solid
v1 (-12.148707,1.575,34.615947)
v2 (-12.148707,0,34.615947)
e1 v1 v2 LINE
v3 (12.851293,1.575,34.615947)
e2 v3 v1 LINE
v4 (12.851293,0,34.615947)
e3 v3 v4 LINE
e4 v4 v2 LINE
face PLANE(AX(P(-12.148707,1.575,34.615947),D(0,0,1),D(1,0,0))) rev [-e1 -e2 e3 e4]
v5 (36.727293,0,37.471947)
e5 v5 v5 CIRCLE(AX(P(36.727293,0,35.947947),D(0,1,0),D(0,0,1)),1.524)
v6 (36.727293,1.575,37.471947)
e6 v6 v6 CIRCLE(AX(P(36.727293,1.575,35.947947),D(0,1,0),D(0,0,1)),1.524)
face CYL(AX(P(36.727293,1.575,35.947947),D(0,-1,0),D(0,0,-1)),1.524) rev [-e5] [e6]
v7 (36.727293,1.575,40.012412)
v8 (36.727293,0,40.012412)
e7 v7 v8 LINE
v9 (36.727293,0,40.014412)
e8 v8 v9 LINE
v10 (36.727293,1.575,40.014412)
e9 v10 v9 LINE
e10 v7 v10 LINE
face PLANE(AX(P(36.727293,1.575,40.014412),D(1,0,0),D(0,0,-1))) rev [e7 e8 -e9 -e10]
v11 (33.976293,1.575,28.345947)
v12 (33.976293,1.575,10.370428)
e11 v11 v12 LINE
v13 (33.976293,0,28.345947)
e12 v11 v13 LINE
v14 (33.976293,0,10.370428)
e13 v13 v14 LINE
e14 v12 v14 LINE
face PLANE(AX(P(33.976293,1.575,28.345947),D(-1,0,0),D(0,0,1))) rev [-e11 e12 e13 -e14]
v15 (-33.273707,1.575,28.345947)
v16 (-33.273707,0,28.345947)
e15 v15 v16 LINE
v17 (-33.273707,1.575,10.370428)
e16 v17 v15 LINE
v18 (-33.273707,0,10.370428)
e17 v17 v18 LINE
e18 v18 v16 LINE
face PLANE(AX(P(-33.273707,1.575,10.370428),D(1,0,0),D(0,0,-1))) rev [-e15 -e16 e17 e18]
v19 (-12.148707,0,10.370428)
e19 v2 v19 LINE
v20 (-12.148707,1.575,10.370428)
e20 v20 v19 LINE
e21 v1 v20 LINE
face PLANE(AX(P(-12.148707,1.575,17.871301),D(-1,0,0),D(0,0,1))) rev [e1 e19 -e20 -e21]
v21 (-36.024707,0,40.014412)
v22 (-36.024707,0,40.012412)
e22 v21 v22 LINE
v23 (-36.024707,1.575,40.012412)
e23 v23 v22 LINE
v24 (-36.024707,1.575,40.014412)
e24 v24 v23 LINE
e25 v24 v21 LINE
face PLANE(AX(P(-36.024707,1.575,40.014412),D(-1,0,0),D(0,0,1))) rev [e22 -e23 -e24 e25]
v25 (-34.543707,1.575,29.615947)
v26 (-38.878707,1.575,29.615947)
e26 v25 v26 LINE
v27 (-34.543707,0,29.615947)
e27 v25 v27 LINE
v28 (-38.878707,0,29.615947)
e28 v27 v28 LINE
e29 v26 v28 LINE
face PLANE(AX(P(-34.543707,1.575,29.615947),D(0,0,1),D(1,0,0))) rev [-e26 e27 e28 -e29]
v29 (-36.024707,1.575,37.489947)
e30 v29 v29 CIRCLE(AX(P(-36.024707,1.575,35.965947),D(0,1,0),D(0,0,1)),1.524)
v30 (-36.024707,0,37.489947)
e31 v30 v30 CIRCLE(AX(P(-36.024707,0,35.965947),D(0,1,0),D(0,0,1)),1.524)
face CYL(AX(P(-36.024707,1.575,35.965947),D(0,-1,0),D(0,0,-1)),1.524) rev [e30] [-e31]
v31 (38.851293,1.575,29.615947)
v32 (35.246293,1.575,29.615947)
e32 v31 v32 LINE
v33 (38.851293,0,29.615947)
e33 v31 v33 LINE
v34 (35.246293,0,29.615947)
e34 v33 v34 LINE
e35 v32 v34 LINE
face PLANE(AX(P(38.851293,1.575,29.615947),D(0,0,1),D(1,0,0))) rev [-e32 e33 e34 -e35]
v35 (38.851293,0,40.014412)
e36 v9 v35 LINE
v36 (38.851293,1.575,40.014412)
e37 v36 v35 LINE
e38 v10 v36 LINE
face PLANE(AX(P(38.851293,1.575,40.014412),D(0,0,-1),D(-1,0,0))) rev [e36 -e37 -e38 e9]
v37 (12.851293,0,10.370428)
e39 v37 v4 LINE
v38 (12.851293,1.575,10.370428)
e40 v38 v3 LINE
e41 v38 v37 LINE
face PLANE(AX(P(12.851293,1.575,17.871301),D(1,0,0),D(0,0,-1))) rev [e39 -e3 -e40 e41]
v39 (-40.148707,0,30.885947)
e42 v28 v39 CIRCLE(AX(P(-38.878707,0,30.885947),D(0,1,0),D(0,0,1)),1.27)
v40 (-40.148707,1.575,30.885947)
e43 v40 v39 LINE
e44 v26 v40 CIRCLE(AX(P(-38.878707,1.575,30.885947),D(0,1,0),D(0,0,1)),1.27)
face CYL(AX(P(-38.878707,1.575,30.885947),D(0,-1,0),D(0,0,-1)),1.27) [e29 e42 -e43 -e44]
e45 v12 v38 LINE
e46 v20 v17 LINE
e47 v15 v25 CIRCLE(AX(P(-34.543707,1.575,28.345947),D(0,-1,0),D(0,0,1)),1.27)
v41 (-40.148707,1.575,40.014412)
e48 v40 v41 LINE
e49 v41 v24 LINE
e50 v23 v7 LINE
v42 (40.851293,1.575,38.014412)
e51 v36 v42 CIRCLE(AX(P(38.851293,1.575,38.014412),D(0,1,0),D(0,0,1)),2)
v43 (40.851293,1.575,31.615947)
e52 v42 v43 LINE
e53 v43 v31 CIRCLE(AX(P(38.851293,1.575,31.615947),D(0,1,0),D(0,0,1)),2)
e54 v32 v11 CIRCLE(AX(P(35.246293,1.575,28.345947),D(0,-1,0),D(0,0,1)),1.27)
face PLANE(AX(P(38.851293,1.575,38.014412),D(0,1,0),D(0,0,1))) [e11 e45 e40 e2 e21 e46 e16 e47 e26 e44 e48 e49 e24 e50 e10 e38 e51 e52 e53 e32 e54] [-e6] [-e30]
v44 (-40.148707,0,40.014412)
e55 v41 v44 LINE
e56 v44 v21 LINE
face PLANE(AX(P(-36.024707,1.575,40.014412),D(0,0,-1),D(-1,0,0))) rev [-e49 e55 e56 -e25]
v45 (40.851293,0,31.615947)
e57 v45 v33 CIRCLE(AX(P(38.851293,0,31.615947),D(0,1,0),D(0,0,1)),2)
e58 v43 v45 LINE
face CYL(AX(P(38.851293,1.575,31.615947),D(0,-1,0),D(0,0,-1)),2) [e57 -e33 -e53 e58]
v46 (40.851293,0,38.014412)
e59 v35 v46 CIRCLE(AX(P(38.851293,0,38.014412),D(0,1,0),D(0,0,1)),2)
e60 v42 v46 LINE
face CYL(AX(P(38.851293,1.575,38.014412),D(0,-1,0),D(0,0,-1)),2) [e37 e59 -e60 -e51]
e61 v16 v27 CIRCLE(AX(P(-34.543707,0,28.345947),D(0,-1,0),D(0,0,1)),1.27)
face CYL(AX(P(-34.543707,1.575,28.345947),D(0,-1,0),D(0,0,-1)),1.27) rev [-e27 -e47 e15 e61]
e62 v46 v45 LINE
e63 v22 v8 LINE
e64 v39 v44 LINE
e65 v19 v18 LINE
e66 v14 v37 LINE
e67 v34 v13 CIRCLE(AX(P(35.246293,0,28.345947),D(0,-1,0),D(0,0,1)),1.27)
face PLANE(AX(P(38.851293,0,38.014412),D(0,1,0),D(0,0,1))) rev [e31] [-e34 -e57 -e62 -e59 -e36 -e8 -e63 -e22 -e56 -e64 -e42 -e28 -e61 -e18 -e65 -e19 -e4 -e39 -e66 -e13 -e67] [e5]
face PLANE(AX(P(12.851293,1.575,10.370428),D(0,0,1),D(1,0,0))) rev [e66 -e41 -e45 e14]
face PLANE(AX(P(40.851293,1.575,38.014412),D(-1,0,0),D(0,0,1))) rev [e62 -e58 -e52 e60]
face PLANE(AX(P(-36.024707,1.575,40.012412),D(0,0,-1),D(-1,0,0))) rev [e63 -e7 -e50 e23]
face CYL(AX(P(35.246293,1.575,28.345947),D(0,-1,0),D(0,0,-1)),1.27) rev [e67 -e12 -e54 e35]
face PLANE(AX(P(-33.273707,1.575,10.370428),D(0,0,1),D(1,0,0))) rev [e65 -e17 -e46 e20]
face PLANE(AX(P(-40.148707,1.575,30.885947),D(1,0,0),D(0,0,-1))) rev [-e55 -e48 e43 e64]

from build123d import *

# Parameters (mm, degrees)
SKETCH1_R           = 1.524000008
SKETCH1_R_2         = 1.523999992
BOSS_EXTRUDE1_DEPTH = 1.575


with BuildPart() as part:
    # Sketch1 → Boss-Extrude1 (new body)
    with BuildSketch(Plane(origin=(0, 0, 0), x_dir=(1, 0, 0), z_dir=(0, 1, 0))):
        with BuildLine():
            Line((38.851293305, -40.014412246), (36.727293315, -40.014412246))
            Line((36.727293315, -40.014412246), (36.727293315, -40.012412246))
            Line((36.727293315, -40.012412246), (30.377293307, -40.012412246))
            Line((30.377293307, -40.012412246), (-29.674706693, -40.012412246))
            Line((-29.674706693, -40.012412246), (-36.024706701, -40.012412246))
            Line((-36.024706701, -40.012412246), (-36.024706701, -40.014412246))
            Line((-36.024706701, -40.014412246), (-40.148706691, -40.014412246))
            Line((-40.148706691, -40.014412246), (-40.148706691, -30.885946892))
            ThreePointArc((-40.148706691, -30.885946892), (-39.776732303, -29.98792128), (-38.878706691, -29.615946892))
            Line((-38.878706691, -29.615946892), (-34.543706691, -29.615946892))
            ThreePointArc((-34.543706691, -29.615946892), (-33.645681079, -29.243972504), (-33.273706691, -28.345946892))
            Line((-33.273706691, -28.345946892), (-33.273706691, -10.370428445))
            Line((-33.273706691, -10.370428445), (-12.148706691, -10.370428445))
            Line((-12.148706691, -10.370428445), (-12.148706691, -17.871301308))
            Line((-12.148706691, -17.871301308), (-12.148706691, -34.615947016))
            Line((-12.148706691, -34.615947016), (12.851293309, -34.615947016))
            Line((12.851293309, -34.615947016), (12.851293309, -17.871301308))
            Line((12.851293309, -17.871301308), (12.851293309, -10.370428445))
            Line((12.851293309, -10.370428445), (33.976293305, -10.370428445))
            Line((33.976293305, -10.370428445), (33.976293305, -28.345946892))
            ThreePointArc((33.976293305, -28.345946892), (34.348267693, -29.243972504), (35.246293305, -29.615946892))
            Line((35.246293305, -29.615946892), (38.851293305, -29.615946892))
            ThreePointArc((38.851293305, -29.615946892), (40.265506868, -30.20173333), (40.851293305, -31.615946892))
            Line((40.851293305, -31.615946892), (40.851293305, -38.014412246))
            ThreePointArc((40.851293305, -38.014412246), (40.265506868, -39.428625809), (38.851293305, -40.014412246))
        make_face()
        with Locations(Location((-36.024706701, -35.965946892, 0), (0, 0, 270))):
            Circle(SKETCH1_R, mode=Mode.SUBTRACT)
        with Locations(Location((36.727293315, -35.947946892, 0), (0, 0, 270))):
            Circle(SKETCH1_R_2, mode=Mode.SUBTRACT)
    extrude(amount=BOSS_EXTRUDE1_DEPTH)


solid = part.part
